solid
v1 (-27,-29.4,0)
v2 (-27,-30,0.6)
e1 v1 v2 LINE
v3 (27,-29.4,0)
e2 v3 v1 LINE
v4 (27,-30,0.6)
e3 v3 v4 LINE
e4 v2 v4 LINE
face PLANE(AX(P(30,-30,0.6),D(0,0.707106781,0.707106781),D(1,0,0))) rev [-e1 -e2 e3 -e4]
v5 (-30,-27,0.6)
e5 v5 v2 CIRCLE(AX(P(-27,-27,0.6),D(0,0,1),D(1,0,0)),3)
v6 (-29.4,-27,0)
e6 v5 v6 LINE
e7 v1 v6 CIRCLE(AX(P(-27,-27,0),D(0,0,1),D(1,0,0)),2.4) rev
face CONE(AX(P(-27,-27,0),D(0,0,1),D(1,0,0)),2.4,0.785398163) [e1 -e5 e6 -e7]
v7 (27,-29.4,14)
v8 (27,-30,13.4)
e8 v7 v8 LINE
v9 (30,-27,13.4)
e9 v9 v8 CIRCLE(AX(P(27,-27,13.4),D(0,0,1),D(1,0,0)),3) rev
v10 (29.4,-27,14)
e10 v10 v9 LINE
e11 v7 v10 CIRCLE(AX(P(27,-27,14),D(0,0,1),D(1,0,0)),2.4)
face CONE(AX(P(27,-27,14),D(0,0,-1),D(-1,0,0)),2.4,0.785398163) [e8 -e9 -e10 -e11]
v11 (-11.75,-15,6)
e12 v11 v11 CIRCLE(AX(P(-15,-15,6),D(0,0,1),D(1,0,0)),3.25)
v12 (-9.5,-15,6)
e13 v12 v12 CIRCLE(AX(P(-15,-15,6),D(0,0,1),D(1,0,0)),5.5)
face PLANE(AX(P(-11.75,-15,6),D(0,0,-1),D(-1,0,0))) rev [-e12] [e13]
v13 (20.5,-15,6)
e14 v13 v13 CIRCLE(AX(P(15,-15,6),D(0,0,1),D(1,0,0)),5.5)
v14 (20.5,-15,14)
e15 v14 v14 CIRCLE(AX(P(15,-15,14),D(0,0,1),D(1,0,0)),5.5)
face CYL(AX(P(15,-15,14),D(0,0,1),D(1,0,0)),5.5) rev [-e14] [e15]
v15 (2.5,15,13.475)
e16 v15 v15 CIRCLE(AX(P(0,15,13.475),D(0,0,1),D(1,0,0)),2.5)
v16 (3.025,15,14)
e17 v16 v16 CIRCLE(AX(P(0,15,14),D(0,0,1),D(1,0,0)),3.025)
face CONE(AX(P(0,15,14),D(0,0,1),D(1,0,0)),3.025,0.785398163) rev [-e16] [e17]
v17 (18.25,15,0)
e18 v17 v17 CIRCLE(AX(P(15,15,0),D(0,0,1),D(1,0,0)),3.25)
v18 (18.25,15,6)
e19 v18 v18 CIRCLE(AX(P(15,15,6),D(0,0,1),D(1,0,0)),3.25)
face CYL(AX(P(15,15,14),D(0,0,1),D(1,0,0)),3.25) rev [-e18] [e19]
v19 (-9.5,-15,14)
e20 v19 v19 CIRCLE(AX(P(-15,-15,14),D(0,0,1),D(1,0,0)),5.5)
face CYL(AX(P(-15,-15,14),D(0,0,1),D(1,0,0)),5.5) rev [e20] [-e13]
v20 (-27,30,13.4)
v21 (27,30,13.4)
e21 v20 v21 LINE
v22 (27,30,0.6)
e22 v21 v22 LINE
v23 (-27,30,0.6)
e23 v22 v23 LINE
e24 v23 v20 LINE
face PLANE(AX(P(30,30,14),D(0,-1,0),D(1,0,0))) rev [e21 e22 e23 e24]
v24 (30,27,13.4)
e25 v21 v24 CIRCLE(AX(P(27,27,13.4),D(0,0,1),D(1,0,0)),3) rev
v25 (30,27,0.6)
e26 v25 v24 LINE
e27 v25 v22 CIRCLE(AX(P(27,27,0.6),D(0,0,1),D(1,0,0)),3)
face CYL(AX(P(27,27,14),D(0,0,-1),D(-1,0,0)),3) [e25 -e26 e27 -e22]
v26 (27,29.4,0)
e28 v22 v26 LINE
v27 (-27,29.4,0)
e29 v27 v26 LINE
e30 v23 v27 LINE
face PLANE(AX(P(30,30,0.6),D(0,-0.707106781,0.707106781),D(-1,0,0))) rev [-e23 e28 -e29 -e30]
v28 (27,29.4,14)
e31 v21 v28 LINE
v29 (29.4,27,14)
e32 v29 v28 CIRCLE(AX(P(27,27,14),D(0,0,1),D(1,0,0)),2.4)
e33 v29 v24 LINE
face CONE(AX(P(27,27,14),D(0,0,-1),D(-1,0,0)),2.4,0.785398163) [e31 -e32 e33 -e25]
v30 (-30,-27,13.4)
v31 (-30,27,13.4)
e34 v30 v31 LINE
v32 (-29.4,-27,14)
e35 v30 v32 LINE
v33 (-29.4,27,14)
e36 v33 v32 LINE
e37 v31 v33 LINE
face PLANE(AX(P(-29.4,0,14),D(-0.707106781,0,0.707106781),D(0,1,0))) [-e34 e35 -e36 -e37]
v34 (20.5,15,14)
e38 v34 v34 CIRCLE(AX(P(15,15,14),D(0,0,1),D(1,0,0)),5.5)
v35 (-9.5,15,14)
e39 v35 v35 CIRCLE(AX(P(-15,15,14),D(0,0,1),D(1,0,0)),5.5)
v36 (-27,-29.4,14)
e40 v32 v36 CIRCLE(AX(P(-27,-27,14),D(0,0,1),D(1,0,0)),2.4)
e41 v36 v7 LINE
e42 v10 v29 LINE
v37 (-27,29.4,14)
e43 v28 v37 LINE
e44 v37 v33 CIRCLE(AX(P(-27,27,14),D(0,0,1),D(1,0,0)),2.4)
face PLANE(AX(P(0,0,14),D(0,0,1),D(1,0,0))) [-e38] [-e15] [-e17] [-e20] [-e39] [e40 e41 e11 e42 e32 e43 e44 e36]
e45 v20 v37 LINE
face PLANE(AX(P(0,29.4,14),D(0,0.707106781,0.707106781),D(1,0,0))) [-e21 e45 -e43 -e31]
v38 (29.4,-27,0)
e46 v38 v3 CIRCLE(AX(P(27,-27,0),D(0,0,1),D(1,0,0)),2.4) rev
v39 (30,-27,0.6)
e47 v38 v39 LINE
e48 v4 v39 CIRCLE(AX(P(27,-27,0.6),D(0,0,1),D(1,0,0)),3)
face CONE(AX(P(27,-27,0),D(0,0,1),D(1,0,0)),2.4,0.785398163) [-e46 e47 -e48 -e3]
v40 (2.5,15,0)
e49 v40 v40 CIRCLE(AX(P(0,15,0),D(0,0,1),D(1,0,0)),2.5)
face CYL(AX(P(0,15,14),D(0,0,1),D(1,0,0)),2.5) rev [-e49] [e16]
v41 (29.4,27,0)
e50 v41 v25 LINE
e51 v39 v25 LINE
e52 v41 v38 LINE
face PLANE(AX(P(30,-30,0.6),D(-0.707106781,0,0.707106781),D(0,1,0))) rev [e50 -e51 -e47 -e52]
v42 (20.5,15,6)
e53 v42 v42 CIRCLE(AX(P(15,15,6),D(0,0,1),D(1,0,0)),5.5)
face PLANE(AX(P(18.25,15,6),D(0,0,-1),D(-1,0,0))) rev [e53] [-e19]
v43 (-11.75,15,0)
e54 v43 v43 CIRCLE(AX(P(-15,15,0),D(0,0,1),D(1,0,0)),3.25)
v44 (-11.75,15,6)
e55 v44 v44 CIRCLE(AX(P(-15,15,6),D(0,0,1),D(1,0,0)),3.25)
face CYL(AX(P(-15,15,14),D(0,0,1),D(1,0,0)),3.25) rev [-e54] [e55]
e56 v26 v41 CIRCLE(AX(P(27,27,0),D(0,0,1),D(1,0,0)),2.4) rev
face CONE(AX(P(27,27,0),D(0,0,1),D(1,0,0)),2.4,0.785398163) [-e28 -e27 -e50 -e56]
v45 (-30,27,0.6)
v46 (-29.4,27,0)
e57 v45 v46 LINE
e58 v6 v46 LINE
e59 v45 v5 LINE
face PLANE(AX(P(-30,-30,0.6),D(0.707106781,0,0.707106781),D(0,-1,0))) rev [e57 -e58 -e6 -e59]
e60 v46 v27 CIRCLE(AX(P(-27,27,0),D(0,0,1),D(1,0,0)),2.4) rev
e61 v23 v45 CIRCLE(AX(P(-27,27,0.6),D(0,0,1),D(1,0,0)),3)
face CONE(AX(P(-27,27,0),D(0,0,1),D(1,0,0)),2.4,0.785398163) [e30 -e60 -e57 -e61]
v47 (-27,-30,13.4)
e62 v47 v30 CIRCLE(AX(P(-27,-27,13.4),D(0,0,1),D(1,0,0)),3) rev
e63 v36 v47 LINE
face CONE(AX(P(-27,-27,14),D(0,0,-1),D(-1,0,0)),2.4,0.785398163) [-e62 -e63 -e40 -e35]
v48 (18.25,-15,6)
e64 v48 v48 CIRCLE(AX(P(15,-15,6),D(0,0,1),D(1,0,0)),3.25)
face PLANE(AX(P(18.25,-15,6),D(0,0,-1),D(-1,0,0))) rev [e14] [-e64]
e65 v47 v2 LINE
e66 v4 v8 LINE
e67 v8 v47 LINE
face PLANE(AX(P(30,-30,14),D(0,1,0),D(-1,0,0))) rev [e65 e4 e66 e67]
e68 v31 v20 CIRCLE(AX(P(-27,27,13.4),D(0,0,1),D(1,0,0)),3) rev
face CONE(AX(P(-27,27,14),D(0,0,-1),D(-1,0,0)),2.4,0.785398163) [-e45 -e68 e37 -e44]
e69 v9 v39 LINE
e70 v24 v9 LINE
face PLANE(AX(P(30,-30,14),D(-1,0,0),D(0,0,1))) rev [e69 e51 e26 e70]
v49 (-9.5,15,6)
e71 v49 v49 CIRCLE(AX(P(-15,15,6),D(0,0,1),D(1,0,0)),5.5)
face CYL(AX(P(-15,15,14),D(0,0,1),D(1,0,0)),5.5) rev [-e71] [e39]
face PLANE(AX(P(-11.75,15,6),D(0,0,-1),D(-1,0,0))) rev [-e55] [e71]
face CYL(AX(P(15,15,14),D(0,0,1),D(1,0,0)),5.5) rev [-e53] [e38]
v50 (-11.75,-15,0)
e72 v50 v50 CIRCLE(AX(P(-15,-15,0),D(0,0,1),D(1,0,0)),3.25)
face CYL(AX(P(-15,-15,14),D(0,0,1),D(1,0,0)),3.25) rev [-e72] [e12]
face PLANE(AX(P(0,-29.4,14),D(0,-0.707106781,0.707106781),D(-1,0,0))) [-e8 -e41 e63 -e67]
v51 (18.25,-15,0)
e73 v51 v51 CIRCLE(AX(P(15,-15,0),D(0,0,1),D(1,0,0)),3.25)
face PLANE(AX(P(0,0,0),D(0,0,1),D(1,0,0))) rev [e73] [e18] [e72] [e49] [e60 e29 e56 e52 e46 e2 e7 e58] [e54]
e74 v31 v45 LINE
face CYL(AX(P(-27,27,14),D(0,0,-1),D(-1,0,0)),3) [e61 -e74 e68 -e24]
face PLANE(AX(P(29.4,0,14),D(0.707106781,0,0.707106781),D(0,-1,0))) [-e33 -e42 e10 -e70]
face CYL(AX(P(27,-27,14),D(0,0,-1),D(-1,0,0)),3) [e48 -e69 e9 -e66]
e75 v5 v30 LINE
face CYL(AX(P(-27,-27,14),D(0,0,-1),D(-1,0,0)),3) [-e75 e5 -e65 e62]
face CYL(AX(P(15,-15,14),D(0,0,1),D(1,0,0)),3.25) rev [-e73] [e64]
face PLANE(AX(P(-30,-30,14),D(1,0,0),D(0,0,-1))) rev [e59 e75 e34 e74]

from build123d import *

# Parameters (mm, degrees)
SKETCH1_W                                           = 60
SKETCH1_H                                           = 60
BOSS_EXTRUDE1_DEPTH                                 = 14
CBORE_FOR_M6_HEX_SOCKET_HEAD_CAP_SCREW1_D           = 6.5
CBORE_FOR_M6_HEX_SOCKET_HEAD_CAP_SCREW1_CBORE_D     = 11
CBORE_FOR_M6_HEX_SOCKET_HEAD_CAP_SCREW1_CBORE_DEPTH = 8
M6_TAPPED_HOLE1_D                                   = 5
M6_TAPPED_HOLE1_CSINK_D                             = 6.05
M6_TAPPED_HOLE1_CSINK_ANGLE                         = 90
FILLET1_R                                           = 3
CHAMFER1_SIZE                                       = 0.6


with BuildPart() as part:
    # Sketch1 → Boss-Extrude1 (new body)
    with BuildSketch(Plane.XY):
        Rectangle(SKETCH1_W, SKETCH1_H)
    extrude(amount=BOSS_EXTRUDE1_DEPTH)

    # CBORE for M6 Hex Socket Head Cap Screw1 (through all)
    with Locations(Plane.XY.offset(14)):
        with Locations((-15, 15), (15, 15), (15, -15), (-15, -15)):
            CounterBoreHole(CBORE_FOR_M6_HEX_SOCKET_HEAD_CAP_SCREW1_D / 2, CBORE_FOR_M6_HEX_SOCKET_HEAD_CAP_SCREW1_CBORE_D / 2, CBORE_FOR_M6_HEX_SOCKET_HEAD_CAP_SCREW1_CBORE_DEPTH)

    # M6 Tapped Hole1 (through all)
    with Locations(Plane.XY.offset(14)):
        with Locations((0, 15)):
            CounterSinkHole(M6_TAPPED_HOLE1_D / 2, M6_TAPPED_HOLE1_CSINK_D / 2, counter_sink_angle=M6_TAPPED_HOLE1_CSINK_ANGLE)

    # Fillet1
    fillet1_edges = [part.edges().sort_by_distance(p)[0] for p in [
        (-30, 30, 7),
        (30, 30, 7),
        (30, -30, 7),
        (-30, -30, 7),
    ]]
    fillet(fillet1_edges, radius=FILLET1_R)

    # Chamfer1
    chamfer1_edges = [part.edges().sort_by_distance(p)[0] for p in [
        (-30, 0, 0),
        (-30, 0, 14),
        (0, 30, 0),
        (30, 0, 0),
        (0, -30, 0),
        (-29.121320344, -29.121320344, 0),
        (29.121320344, -29.121320344, 0),
        (29.121320344, 29.121320344, 0),
        (-29.121320344, 29.121320344, 0),
        (0, 30, 14),
        (0, -30, 14),
        (30, 0, 14),
        (-29.121320344, -29.121320344, 14),
        (29.121320344, -29.121320344, 14),
        (29.121320344, 29.121320344, 14),
        (-29.121320344, 29.121320344, 14),
    ]]
    chamfer(chamfer1_edges, length=CHAMFER1_SIZE)


solid = part.part
